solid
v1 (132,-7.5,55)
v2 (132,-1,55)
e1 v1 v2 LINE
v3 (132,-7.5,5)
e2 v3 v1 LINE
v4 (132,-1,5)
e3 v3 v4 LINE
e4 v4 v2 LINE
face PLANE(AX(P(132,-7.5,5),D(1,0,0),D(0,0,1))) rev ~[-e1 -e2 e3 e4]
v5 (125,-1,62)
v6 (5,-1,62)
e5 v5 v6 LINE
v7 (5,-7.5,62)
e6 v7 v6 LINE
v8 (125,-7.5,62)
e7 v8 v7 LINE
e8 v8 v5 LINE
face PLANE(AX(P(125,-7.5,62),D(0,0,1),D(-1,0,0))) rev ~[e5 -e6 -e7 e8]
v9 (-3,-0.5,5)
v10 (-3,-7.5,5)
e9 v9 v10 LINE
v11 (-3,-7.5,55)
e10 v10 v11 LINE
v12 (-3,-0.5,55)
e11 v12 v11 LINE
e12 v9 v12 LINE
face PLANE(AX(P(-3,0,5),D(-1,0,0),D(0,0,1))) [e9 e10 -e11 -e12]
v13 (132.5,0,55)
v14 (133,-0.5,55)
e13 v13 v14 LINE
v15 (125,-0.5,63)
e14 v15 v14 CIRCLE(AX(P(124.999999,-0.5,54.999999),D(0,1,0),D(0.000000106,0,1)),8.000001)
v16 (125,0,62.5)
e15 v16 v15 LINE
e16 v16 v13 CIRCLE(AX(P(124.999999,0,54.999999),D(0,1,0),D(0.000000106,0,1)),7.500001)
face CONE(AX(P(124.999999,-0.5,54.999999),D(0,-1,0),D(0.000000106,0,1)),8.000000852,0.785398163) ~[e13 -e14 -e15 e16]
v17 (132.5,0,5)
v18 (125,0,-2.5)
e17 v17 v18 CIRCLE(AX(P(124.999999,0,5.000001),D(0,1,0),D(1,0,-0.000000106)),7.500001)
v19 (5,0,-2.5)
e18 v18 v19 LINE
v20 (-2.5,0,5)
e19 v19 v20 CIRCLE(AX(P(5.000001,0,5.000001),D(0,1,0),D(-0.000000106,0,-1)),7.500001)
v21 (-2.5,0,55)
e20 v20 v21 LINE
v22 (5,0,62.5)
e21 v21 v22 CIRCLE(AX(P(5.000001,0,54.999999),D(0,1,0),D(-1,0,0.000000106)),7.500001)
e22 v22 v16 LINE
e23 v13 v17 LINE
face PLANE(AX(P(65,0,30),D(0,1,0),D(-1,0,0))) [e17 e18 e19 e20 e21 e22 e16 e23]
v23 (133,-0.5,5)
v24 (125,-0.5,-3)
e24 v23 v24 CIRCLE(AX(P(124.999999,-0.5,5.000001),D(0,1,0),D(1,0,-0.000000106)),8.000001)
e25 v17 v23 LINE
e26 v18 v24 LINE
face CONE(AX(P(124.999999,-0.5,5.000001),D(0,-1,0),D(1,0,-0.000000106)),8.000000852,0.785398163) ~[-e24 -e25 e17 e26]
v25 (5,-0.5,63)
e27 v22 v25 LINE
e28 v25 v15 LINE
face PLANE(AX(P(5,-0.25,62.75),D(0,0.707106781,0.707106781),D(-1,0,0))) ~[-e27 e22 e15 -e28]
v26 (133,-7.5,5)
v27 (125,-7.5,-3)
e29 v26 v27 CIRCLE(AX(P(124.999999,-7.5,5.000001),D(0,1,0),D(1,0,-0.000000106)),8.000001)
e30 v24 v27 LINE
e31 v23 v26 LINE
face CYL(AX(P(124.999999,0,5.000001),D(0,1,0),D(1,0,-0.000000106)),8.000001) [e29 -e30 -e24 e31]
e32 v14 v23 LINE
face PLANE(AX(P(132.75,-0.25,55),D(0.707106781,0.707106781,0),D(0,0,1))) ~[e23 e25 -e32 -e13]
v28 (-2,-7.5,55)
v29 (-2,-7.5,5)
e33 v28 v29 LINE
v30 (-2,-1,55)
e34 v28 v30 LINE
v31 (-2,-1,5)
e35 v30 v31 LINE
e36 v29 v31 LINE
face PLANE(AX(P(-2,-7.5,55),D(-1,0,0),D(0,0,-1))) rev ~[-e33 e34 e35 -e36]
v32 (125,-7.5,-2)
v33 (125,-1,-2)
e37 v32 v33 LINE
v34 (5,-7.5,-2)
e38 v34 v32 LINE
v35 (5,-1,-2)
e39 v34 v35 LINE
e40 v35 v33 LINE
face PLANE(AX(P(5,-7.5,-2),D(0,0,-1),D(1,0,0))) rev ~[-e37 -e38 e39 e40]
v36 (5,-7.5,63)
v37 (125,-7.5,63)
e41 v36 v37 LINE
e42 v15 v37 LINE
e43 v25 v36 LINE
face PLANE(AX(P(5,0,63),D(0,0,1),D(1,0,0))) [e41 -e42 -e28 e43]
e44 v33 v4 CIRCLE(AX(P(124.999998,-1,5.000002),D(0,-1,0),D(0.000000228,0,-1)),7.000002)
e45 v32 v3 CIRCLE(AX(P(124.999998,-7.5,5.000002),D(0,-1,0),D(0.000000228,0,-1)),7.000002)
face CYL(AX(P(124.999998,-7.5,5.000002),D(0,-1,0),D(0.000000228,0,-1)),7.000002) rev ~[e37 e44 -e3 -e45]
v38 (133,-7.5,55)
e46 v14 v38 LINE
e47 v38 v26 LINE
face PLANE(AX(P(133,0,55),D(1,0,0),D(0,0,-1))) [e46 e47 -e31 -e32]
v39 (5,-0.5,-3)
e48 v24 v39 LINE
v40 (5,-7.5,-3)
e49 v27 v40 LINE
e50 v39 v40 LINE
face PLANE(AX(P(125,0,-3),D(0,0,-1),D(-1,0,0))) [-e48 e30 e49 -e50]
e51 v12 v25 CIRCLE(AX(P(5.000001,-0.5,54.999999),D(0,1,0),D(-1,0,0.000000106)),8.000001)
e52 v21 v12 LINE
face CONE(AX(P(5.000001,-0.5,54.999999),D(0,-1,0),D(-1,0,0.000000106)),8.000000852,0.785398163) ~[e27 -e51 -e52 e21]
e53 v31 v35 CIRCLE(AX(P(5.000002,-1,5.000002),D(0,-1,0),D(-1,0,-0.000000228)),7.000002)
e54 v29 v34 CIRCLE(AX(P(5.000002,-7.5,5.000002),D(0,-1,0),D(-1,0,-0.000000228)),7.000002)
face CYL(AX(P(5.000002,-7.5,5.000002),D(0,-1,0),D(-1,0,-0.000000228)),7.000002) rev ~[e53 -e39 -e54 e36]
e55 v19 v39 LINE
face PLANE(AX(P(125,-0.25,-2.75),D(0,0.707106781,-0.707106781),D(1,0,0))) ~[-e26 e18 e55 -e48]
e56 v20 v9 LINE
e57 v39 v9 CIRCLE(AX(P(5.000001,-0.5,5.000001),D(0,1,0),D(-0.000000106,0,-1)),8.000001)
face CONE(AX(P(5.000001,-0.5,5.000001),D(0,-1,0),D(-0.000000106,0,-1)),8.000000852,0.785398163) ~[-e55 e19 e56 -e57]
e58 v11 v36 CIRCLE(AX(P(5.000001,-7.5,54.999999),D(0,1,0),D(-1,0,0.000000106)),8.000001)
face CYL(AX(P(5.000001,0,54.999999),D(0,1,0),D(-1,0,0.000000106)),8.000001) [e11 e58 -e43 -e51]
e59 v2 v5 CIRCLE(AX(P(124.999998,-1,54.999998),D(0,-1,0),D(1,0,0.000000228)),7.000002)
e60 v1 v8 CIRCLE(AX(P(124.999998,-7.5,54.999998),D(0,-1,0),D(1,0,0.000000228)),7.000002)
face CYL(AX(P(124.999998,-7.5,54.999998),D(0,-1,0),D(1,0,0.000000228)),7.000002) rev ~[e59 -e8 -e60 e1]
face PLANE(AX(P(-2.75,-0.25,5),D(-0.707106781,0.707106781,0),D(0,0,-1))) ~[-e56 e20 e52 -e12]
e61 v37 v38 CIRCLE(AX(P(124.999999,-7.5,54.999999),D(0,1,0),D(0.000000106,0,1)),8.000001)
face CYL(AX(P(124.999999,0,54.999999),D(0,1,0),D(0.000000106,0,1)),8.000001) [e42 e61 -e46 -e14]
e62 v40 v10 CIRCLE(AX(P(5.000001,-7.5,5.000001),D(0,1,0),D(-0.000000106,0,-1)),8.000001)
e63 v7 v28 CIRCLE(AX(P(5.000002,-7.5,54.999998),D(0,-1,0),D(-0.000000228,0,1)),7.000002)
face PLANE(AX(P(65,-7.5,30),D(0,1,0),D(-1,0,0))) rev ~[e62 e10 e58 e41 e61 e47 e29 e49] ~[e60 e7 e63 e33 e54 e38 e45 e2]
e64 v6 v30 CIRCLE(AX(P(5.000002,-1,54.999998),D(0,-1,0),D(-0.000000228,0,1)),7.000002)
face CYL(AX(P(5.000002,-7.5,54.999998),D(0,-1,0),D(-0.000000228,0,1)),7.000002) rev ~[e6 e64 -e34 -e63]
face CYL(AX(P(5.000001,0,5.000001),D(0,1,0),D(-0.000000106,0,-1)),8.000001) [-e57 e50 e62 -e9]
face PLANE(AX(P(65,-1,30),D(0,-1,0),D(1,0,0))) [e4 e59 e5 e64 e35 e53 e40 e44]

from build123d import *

# Parameters (mm, degrees)
F1_DEPTH = 1
F3_DEPTH = 7.5
F5_DEPTH = 6.5
F6_SIZE  = 0.5


with BuildPart() as f1:
    # F0 (on Front) → F1 (new body)
    with BuildSketch(Plane.XZ):
        with BuildLine():
            ThreePointArc((0, 5), (1.464466, 1.464466), (5, 0))
            Line((5, 0), (125, 0))
            ThreePointArc((125, 0), (128.535534, 1.464466), (130, 5))
            Line((130, 5), (130, 55))
            ThreePointArc((130, 55), (128.535534, 58.535534), (125, 60))
            Line((125, 60), (5, 60))
            ThreePointArc((5, 60), (1.464466, 58.535534), (0, 55))
            Line((0, 55), (0, 5))
        make_face()
    extrude(amount=F1_DEPTH)

    # F2 (on face) → F3 (join)
    with BuildSketch(Plane(origin=(0, 0, 0), x_dir=(-1, 0, 0), z_dir=(0, 1, 0))):
        with BuildLine():
            ThreePointArc((3, 55), (0.656854, 60.656854), (-5, 63))
            Line((-5, 63), (-125, 63))
            ThreePointArc((-125, 63), (-130.656854, 60.656854), (-133, 55))
            Line((-133, 55), (-133, 5))
            ThreePointArc((-133, 5), (-130.656854, -0.656854), (-125, -3))
            Line((-125, -3), (-5, -3))
            ThreePointArc((-5, -3), (0.656854, -0.656854), (3, 5))
            Line((3, 5), (3, 55))
        make_face()
        with BuildLine():
            Line((0, 55), (0, 5))
            ThreePointArc((0, 5), (-1.464466, 1.464466), (-5, 0))
            Line((-5, 0), (-125, 0))
            ThreePointArc((-125, 0), (-128.535534, 1.464466), (-130, 5))
            Line((-130, 5), (-130, 55))
            ThreePointArc((-130, 55), (-128.535534, 58.535534), (-125, 60))
            Line((-125, 60), (-5, 60))
            ThreePointArc((-5, 60), (-1.464466, 58.535534), (0, 55))
        make_face(mode=Mode.SUBTRACT)
    extrude(amount=-F3_DEPTH)

    # F4 (on face) → F5 (cut, through all)
    with BuildSketch(Plane.XZ.offset(7.5)):
        with BuildLine():
            Line((125, 62), (5, 62))
            ThreePointArc((5, 62), (0.050253, 59.949747), (-2, 55))
            Line((-2, 55), (-2, 5))
            ThreePointArc((-2, 5), (0.050253, 0.050253), (5, -2))
            Line((5, -2), (125, -2))
            ThreePointArc((125, -2), (129.949747, 0.050253), (132, 5))
            Line((132, 5), (132, 55))
            ThreePointArc((132, 55), (129.949747, 59.949747), (125, 62))
        make_face()
        with BuildLine():
            ThreePointArc((5, 0), (1.464466, 1.464466), (0, 5))
            Line((0, 5), (0, 55))
            ThreePointArc((0, 55), (1.464466, 58.535534), (5, 60))
            Line((5, 60), (125, 60))
            ThreePointArc((125, 60), (128.535534, 58.535534), (130, 55))
            Line((130, 55), (130, 5))
            ThreePointArc((130, 5), (128.535534, 1.464466), (125, 0))
            Line((125, 0), (5, 0))
        make_face(mode=Mode.SUBTRACT)
    extrude(amount=-F5_DEPTH, mode=Mode.SUBTRACT)

    # F6
    f6_edges = [f1.edges().sort_by_distance(p)[0] for p in [
        (-0.656854, 0, -0.656854),
        (65, 0, -3),
        (130.656854, 0, -0.656854),
        (133, 0, 30),
        (130.656854, 0, 60.656854),
        (65, 0, 63),
        (-0.656854, 0, 60.656854),
        (-3, 0, 30),
    ]]
    chamfer(f6_edges, length=F6_SIZE)


solid = f1.part
